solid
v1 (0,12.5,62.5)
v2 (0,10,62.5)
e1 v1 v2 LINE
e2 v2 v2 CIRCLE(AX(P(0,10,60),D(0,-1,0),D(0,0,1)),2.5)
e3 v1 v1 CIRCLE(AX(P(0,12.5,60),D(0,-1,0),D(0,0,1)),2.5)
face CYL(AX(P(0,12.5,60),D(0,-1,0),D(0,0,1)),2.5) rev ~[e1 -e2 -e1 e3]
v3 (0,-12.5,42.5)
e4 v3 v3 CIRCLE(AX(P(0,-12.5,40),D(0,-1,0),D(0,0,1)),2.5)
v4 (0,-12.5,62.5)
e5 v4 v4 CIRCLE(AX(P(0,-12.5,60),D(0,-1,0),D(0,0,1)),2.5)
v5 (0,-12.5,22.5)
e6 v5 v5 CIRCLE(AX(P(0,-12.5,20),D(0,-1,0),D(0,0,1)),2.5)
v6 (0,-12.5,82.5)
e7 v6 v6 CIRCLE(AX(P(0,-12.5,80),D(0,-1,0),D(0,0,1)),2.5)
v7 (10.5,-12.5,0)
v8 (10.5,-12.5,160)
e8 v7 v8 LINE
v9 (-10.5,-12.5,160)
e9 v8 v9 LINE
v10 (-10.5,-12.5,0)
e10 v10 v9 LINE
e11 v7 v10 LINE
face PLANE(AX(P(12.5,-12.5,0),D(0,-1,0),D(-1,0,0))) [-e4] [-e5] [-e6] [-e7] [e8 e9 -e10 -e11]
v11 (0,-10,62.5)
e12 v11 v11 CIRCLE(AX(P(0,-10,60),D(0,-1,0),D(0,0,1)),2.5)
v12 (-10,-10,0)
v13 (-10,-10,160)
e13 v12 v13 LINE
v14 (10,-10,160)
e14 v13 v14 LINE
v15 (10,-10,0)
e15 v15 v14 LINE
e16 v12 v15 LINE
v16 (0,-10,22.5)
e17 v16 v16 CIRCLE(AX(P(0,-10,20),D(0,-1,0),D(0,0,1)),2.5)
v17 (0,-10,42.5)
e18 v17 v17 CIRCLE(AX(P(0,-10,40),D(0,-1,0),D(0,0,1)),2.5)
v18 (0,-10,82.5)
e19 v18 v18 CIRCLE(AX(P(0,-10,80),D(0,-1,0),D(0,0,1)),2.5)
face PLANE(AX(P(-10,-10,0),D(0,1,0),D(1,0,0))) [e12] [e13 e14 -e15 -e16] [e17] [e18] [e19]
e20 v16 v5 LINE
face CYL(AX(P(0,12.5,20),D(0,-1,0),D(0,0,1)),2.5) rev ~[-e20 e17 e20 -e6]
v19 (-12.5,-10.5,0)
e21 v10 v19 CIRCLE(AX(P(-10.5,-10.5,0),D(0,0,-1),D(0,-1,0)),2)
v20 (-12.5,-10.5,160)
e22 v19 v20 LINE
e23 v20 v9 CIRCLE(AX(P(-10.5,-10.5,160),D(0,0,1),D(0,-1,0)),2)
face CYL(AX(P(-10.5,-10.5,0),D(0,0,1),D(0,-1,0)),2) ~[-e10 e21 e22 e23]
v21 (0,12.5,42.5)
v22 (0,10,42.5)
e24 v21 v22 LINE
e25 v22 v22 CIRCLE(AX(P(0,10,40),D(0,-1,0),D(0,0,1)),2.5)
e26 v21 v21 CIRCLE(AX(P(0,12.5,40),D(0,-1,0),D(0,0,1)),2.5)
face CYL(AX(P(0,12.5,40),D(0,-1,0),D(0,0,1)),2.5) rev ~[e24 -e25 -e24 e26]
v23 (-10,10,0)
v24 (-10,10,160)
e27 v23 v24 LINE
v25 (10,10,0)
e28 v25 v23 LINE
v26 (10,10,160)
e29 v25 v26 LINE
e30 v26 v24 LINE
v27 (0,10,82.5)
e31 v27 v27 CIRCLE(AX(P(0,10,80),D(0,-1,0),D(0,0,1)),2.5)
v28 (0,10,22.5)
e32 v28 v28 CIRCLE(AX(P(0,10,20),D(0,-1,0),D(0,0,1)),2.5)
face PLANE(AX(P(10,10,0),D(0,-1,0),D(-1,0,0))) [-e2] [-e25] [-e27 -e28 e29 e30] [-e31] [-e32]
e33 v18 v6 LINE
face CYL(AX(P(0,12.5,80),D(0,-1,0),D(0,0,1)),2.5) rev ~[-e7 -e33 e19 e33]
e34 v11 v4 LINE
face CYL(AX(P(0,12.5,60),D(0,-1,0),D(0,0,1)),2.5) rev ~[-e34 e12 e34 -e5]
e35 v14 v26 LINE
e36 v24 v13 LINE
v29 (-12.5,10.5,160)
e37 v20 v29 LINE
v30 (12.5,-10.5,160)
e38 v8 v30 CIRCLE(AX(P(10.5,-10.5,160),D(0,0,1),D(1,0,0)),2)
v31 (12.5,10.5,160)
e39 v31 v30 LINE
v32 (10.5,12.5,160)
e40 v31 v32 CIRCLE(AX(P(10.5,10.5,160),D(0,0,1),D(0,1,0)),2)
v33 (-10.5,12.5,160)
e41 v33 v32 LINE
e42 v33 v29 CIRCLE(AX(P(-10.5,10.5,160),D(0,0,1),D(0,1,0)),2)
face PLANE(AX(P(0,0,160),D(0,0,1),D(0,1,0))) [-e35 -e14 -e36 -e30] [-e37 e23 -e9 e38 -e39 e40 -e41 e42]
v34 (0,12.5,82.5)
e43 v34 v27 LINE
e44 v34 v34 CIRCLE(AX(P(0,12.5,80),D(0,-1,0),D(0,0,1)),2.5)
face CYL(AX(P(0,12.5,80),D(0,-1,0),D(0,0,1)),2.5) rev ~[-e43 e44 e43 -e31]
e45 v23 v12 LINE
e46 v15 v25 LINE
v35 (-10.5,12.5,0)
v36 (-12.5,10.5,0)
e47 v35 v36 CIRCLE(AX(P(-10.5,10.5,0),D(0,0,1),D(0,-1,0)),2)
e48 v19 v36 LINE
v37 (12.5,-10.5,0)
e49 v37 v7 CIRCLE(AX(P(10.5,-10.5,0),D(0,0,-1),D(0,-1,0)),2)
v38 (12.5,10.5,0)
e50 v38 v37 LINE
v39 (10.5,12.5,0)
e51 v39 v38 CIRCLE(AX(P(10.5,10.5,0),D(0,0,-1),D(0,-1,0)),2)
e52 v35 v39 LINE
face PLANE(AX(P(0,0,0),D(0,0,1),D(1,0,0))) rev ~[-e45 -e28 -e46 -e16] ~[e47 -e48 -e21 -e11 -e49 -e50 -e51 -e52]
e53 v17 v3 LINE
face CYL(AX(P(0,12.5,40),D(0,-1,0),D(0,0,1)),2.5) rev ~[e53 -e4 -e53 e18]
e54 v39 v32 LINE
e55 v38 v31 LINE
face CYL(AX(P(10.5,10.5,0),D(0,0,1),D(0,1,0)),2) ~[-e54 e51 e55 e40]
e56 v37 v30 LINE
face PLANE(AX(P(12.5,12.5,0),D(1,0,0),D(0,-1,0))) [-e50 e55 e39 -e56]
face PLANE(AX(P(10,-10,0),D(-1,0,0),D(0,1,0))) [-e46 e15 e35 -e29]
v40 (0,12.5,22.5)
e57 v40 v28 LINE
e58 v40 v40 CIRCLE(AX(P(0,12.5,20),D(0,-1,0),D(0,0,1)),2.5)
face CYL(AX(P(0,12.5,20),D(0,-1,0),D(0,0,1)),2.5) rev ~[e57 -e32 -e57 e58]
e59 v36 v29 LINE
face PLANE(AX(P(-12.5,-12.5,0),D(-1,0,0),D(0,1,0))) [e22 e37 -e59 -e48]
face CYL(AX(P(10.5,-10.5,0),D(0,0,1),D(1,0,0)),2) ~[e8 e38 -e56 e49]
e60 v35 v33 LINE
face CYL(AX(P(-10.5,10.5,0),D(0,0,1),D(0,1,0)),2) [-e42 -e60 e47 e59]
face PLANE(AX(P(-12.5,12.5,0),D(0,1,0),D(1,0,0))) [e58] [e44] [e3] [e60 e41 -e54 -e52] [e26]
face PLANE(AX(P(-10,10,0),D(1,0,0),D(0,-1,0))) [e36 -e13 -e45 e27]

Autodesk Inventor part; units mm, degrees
ref_plane "YZ Plane" through (0, 0, 0) normal (1, 0, 0) x (0, 1, 0)
sketch "Sketch1" plane through (0, 0, 0) normal (0, 0, 1) x (1, 0, 0)
  line L0 (-12.5, 12.5) -> (12.5, 12.5)
  line L1 (12.5, 12.5) -> (12.5, -12.5)
  line L2 (12.5, -12.5) -> (-12.5, -12.5)
  line L3 (-12.5, -12.5) -> (-12.5, 12.5)
  line L4 (10, 10) -> (-10, 10)
  line L5 (-10, 10) -> (-10, -10)
  line L6 (-10, -10) -> (10, -10)
  line L7 (10, -10) -> (10, 10)
  point P0 (0, 0)
  dimension "d0" = 25
  dimension "d1" = 25
  dimension "d2" = 12.5
  dimension "d3" = 12.5
  dimension "d4" = 2.5
extrude "Extrusion1" add sketch "Sketch1" along normal blind 1000
fillet "Fillet1" radius 2 4 edges at (12.5, 12.5, 500) (-12.5, 12.5, 500) (-12.5, -12.5, 500) (12.5, -12.5, 500)
ref_plane "Work Plane1" through (0, 0, 160) normal (0, 0, -1) x (-1, 0, 0)
split "Split1" plane through (0, 0, 160) removes the side toward (0, 0, 1)
sketch "Sketch2" plane through (-10.5, 12.5, 0) normal (0, 1, 0) x (1, 0, 0)
  point P0 (10.5, 0)
  point P1 (10.5, -20)
  dimension "d9" = 0
  dimension "d10" = 20
hole "Hole1" at (0, 12.5, 20) direction (0, -1, 0) diameter 5 end through all
pattern_linear "Rectangular Pattern1" count 4 spacing 20 along (0, 0, 1) of "Hole1"
ref_plane "Work Plane3" through (-10.5, -12.5, 135.5) normal (0, 0, 1) x (1, 0, 0)
split "Split3" [suppressed]
equation "\"d0\" = -2 * a + sm_varx_squareBarDimension - tol"
equation "\"d1\" = d0"
equation "\"d2\" = 0.5 * d1"
equation "\"d3\" = 0.5 * d0"
equation "\"d4\" = a"
equation "\"d10\" = 0.666667 * sm_varx_squareBarDimension"
equation "\"d11\" = sm_varx_pinPlate_holeDiameter"
equation "\"d20\" = 0.666667 * sm_varx_squareBarDimension"
equation "\"sm_varx_squareBarThickness\" = 2.5"
equation "\"sm_varx_pinPlate_holeDiameter\" = 5"
equation "\"a\" = sm_varx_squareBarThickness"
equation "\"sm_varx_member_tolerance\" = 0"
equation "\"hoop_angle_z\" = 45deg"
equation "\"hoop_bearing_length\" = 5deg"
equation "\"hoop_bushing12_od\" = -2 * hoop_thickness_large + hoop_width_large + hoop_bushing12_radialInterference"
equation "\"hoop_bushing12_radialInterference\" = 0"
equation "\"hoop_bushing12_thickness\" = -hoop_width_medium + hoop_bushing12_od - 2 * hoop_bushing12_radialInterference"
equation "\"hoop_bushing23_od\" = -2 * hoop_thickness_medium + hoop_width_medium + hoop_bushing23_radialInterference"
equation "\"hoop_bushing23_radialInterference\" = 0"
equation "\"hoop_bushing23_thickness\" = -hoop_width_small + hoop_bushing23_od - 2 * hoop_bushing23_radialInterference"
equation "\"hoop_cable_diam\" = 5"
equation "\"hoop_cable_pulley_diam\" = 22"
equation "\"hoop_tabs_hole\" = 12"
equation "\"hoop_tabs_thickness\" = 6"
equation "\"hoop_thickness_large\" = 4"
equation "\"hoop_thickness_medium\" = 3.2"
equation "\"hoop_thickness_small\" = 2"
equation "\"hoop_width_large\" = 51"
equation "\"hoop_width_medium\" = 33.7"
equation "\"hoop_width_small\" = 25.4"
equation "\"rack_tooth_addendum\" = 5"
equation "\"rack_tooth_dedendum\" = 5"
equation "\"rack_tooth_thickness\" = 5"
equation "\"secure_arm_angle\" = 35deg"
equation "\"secure_arm_radii\" = 9"
equation "\"sm_varx_pinPlate_thickness\" = 5"
equation "\"support_baseClamp_platformLengthBuffer\" = 35"
equation "\"support_baseClamp_platformThickness\" = 15"
equation "\"support_baseClamp_platformWidthBuffer\" = 0"
equation "\"support_baseClamp_sleeveHoleDiameter\" = 12"
equation "\"support_baseClamp_sleeveSweepTerminationAngle\" = 55deg"
equation "\"support_baseClamp_thickness\" = 8"
equation "\"support_frame_endHoleBuffer\" = 45"
equation "\"support_frame_squareBarFillet\" = 2"
equation "\"support_frame_squareBarThickness\" = 5"
equation "\"wheelchair_deployed_height\" = 914"
equation "\"wheelchair_deployed_length\" = 1067"
equation "\"wheelchair_deployed_width\" = 635"
equation "\"wheelchatir_pos_deploy_angle_0\" = 65deg"
equation "\"wheelchatir_pos_store_angle_0\" = 90deg"
equation "\"wheelchatir_pos_deploy_angle_1\" = 20deg"
equation "\"wheelchatir_pos_store_angle_1\" = 20deg"
equation "\"sm_varx_squareBarDimension\" = 30"
equation "\"tol\" = 0"
properties part number "member_vertical_inner" material "Steel, Galvanized"
